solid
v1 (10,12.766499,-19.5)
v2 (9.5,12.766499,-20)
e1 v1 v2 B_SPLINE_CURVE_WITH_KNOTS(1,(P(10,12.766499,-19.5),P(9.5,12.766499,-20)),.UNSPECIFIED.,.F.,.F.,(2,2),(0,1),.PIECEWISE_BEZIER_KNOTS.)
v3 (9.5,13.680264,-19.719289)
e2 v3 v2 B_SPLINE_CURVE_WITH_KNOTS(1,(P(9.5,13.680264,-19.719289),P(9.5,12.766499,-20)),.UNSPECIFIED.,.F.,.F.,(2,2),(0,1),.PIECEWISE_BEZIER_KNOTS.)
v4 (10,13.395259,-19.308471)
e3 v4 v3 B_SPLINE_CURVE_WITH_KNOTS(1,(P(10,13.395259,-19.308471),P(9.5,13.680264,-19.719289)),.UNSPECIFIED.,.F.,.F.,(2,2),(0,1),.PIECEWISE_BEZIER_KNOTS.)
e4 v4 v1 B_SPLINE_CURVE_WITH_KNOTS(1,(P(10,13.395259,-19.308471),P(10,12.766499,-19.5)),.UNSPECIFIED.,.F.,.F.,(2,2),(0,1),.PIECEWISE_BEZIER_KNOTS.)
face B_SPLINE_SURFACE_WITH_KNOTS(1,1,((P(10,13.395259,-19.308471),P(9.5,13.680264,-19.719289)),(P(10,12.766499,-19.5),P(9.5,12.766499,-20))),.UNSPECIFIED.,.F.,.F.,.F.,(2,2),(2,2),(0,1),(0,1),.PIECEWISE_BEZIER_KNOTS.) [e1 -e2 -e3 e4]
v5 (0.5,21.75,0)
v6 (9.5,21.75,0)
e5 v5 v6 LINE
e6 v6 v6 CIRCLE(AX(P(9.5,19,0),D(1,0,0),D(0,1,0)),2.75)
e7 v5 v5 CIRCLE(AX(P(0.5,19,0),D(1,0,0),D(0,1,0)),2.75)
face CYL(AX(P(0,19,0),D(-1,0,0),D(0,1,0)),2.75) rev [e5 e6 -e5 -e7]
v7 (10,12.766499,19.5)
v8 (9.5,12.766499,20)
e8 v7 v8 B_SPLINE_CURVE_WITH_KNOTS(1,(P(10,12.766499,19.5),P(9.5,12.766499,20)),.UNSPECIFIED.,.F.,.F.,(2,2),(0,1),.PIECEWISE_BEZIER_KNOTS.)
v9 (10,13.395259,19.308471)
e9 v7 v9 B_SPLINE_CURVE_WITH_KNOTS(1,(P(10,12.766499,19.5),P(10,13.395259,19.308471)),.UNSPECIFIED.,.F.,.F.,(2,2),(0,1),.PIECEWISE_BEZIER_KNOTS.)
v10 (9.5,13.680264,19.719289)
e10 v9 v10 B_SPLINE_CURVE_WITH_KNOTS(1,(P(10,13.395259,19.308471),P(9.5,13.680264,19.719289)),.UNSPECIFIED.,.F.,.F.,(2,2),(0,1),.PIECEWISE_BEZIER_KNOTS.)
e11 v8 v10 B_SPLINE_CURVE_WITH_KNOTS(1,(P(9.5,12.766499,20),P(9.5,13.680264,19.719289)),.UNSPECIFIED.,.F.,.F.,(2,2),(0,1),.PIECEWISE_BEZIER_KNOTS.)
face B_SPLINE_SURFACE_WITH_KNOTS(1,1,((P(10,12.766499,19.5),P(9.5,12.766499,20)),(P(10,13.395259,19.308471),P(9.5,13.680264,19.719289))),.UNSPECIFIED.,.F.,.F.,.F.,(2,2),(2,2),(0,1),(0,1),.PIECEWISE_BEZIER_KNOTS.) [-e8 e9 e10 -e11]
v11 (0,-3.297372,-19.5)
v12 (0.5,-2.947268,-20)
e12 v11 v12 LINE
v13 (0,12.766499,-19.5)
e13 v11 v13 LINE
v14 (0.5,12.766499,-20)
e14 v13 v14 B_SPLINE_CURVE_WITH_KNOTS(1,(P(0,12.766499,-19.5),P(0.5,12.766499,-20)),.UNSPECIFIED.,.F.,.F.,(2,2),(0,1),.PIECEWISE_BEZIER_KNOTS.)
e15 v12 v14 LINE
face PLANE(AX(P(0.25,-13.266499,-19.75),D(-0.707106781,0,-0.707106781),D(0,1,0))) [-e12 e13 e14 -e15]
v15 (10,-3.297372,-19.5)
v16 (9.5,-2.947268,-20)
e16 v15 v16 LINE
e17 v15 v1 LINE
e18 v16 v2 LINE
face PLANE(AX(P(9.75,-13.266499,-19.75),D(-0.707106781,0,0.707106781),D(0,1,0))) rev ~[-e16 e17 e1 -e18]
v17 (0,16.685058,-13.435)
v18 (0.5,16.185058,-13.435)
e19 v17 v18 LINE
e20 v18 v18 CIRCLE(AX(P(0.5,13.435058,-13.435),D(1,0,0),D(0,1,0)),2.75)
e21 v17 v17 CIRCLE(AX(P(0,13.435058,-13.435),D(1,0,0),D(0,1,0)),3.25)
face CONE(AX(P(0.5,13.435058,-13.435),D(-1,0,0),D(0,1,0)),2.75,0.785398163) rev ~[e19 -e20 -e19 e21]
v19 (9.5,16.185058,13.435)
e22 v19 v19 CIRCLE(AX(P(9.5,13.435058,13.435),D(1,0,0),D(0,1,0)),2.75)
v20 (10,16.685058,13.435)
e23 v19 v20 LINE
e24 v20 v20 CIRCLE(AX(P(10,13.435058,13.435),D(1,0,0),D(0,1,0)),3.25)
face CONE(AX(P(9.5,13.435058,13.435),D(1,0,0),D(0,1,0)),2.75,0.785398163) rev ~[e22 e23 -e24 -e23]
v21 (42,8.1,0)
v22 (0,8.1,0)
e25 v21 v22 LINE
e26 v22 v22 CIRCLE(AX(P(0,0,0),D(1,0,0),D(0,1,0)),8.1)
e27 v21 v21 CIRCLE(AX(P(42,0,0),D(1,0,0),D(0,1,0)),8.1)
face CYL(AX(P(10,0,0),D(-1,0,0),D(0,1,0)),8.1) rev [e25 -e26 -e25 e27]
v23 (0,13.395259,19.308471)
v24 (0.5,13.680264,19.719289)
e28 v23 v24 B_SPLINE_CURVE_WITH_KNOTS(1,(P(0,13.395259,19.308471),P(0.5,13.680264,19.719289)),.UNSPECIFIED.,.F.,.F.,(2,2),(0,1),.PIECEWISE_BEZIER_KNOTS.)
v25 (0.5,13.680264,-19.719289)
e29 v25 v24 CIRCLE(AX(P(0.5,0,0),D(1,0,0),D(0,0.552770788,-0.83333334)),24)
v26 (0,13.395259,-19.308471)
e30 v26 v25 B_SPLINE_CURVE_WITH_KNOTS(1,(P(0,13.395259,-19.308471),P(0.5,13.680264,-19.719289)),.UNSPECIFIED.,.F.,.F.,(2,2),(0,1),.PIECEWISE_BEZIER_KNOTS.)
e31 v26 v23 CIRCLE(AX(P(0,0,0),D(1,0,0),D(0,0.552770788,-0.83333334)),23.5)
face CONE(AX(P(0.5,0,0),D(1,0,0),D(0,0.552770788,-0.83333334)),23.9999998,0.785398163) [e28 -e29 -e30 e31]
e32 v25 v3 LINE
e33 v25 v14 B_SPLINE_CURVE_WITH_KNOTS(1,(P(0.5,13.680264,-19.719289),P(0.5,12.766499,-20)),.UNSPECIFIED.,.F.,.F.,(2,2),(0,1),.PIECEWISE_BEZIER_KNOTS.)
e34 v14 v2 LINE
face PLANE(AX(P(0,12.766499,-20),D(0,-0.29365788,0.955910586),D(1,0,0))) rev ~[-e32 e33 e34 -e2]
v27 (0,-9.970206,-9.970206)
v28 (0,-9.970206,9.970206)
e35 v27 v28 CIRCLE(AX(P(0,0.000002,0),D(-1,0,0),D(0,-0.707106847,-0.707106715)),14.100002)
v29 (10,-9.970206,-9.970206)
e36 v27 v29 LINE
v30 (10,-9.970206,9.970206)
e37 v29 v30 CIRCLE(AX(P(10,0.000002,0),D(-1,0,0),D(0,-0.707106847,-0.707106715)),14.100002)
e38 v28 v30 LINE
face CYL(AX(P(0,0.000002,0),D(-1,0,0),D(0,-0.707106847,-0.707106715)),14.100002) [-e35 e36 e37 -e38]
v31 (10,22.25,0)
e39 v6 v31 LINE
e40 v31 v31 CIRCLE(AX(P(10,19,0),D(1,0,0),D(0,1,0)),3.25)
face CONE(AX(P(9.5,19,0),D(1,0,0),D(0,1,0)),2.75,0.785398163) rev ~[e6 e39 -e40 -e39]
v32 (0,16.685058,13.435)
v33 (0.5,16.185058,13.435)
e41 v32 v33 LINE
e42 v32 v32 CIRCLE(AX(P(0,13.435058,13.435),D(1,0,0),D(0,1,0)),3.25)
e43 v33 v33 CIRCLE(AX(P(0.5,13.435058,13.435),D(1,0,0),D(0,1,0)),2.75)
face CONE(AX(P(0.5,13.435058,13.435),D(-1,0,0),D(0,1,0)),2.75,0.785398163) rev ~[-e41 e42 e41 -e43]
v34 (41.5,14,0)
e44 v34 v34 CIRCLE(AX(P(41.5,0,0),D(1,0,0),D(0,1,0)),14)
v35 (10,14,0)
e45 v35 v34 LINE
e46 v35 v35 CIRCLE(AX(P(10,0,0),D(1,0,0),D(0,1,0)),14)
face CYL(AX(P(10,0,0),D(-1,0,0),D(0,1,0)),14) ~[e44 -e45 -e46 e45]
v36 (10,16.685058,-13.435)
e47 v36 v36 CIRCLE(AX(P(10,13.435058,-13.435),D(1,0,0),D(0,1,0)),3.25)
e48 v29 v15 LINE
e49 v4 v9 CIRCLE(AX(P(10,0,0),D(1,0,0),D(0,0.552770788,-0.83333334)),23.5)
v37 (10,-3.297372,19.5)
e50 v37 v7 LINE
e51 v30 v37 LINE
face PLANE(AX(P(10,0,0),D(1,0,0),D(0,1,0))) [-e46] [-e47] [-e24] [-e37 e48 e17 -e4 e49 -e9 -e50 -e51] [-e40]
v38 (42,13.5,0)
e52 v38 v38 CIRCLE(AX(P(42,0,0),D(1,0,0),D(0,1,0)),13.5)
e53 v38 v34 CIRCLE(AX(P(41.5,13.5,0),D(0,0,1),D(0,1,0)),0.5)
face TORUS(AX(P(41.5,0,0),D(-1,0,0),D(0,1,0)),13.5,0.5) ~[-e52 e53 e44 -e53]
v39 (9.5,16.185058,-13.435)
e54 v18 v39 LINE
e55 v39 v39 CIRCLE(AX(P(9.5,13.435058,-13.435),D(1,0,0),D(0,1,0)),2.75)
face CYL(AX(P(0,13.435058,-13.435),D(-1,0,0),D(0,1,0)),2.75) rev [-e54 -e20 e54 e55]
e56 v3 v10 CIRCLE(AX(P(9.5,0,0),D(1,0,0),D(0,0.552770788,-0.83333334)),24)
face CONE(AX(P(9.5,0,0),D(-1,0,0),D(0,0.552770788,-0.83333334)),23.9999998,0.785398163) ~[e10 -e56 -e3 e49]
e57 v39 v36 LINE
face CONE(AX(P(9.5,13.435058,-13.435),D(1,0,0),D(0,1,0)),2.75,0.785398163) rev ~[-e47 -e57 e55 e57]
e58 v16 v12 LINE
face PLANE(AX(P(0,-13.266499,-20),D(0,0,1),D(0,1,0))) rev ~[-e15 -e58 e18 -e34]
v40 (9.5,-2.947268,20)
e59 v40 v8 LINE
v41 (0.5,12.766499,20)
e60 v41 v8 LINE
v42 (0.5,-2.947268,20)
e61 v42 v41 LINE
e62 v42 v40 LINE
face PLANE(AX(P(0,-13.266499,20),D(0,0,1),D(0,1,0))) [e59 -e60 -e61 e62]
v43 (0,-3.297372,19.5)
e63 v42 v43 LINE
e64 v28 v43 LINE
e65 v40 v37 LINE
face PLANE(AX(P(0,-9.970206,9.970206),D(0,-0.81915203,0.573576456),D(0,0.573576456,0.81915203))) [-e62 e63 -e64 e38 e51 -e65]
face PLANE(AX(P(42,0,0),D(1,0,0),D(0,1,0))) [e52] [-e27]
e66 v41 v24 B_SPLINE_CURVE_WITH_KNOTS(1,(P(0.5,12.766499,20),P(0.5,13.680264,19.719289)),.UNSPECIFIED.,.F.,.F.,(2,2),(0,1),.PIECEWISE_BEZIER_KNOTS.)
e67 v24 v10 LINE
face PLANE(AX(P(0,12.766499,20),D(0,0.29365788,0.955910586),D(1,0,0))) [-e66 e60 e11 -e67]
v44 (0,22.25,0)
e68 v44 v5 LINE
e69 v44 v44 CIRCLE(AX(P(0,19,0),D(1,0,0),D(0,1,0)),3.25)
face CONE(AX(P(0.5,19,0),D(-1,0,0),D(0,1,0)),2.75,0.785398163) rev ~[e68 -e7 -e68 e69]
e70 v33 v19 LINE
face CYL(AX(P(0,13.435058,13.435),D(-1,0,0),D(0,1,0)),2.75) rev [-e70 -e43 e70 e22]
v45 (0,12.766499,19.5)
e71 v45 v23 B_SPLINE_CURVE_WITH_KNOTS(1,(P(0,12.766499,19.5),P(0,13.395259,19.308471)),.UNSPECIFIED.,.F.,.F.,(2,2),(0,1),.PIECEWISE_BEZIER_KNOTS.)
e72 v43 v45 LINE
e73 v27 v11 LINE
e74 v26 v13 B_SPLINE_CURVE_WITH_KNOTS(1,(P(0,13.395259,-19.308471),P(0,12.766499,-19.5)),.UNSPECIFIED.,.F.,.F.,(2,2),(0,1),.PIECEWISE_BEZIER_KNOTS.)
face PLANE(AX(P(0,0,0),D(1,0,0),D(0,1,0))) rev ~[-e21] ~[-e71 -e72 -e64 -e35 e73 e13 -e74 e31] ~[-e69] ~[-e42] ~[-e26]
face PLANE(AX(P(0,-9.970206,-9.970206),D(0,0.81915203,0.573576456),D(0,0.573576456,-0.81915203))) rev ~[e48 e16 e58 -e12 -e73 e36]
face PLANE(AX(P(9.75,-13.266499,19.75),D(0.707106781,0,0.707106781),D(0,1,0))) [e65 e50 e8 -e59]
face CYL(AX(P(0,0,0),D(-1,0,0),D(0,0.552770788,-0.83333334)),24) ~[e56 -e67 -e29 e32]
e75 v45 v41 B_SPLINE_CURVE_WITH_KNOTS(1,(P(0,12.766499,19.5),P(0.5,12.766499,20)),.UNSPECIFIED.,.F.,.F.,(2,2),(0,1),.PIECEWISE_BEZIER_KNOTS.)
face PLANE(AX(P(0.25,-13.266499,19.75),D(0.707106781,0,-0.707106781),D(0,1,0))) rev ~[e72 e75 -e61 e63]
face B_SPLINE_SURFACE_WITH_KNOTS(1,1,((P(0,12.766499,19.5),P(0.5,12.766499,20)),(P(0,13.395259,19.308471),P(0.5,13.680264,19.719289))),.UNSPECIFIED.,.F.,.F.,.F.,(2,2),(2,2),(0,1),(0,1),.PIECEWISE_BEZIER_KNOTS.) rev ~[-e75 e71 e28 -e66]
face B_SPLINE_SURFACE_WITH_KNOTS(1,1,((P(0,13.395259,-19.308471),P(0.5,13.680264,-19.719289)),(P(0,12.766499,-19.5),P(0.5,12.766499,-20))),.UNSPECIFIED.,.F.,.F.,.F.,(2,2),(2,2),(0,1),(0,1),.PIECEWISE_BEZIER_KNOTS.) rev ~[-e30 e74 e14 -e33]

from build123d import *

# Parameters (mm, degrees)
SKETCH_R        = 2.75
SKETCH_R_2      = 8.1
PAD_DEPTH       = 10
SKETCH001_R     = 14
SKETCH001_R_2   = 8.1
PAD001_DEPTH    = 32
CHAMFER_SIZE    = 0.5
FILLET_R        = 0.5
CHAMFER001_SIZE = 0.5
POCKET_DEPTH    = 10


with BuildPart() as part:
    # Sketch → Pad (new body)
    with BuildSketch(Plane.YZ):
        with BuildLine():
            ThreePointArc((-13.266499, 20), (-24, 0), (-13.266499, -20))
            Line((-13.266499, -20), (13.266499, -20))
            ThreePointArc((13.266499, -20), (24, 0), (13.266499, 20))
            Line((-13.266499, 20), (13.266499, 20))
        make_face()
        with Locations((-13.435058, 13.435)):
            Circle(SKETCH_R, mode=Mode.SUBTRACT)
        with Locations((-19, 0)):
            Circle(SKETCH_R, mode=Mode.SUBTRACT)
        with Locations((-13.435058, -13.435)):
            Circle(SKETCH_R, mode=Mode.SUBTRACT)
        with Locations((13.435058, 13.435)):
            Circle(SKETCH_R, mode=Mode.SUBTRACT)
        with Locations((19, 0)):
            Circle(SKETCH_R, mode=Mode.SUBTRACT)
        with Locations((13.435058, -13.435)):
            Circle(SKETCH_R, mode=Mode.SUBTRACT)
        Circle(SKETCH_R_2, mode=Mode.SUBTRACT)
    extrude(amount=PAD_DEPTH)

    # Sketch001 → Pad001 (new body)
    with BuildSketch(Plane.YZ.offset(10)):
        Circle(SKETCH001_R)
        Circle(SKETCH001_R_2, mode=Mode.SUBTRACT)
    extrude(amount=PAD001_DEPTH)

    # Chamfer
    chamfer_edges = [part.edges().sort_by_distance(p)[0] for p in [
        (0, -16.185058, -13.435),
        (10, -16.185058, -13.435),
        (0, -21.75, 0),
        (10, -21.75, 0),
        (0, -16.185058, 13.435),
        (10, -16.185058, 13.435),
        (0, 10.685058, 13.435),
        (10, 10.685058, 13.435),
        (0, 16.25, 0),
        (10, 16.25, 0),
        (0, 10.685058, -13.435),
        (10, 10.685058, -13.435),
    ]]
    chamfer(chamfer_edges, length=CHAMFER_SIZE)

    # Fillet
    fillet_edges = [part.edges().sort_by_distance(p)[0] for p in [
        (42, -14, 0),
    ]]
    fillet(fillet_edges, radius=FILLET_R)

    # Chamfer001
    chamfer001_edges = [part.edges().sort_by_distance(p)[0] for p in [
        (5, -13.266499, 20),
        (5, -13.266499, -20),
        (0, -24, 0),
        (10, -24, 0),
        (5, 13.266499, 20),
        (0, 0, 20),
        (10, 0, 20),
        (5, 13.266499, -20),
        (0, 24, 0),
        (10, 24, 0),
        (0, 0, -20),
        (10, 0, -20),
    ]]
    chamfer(chamfer001_edges, length=CHAMFER001_SIZE)

    # Sketch002 → Pocket (cut)
    with BuildSketch(Plane(origin=(0, 0, 0), x_dir=(0, 1, 0), z_dir=(-1, 0, 0))):
        with BuildLine():
            ThreePointArc((-9.970206, 9.970206), (-14.1, 0), (-9.970206, -9.970206))
            Line((-9.970206, -9.970206), (-2.737206, -20.3))
            Line((-2.737206, -20.3), (18, -20.3))
            Line((18, -20.3), (18, -27))
            Line((18, -27), (0, -27))
            ThreePointArc((0, 27), (-27, 0), (0, -27))
            Line((0, 27), (18, 27))
            Line((18, 27), (18, 20.3))
            Line((18, 20.3), (-2.737206, 20.3))
            Line((-9.970206, 9.970206), (-2.737206, 20.3))
        make_face()
    extrude(amount=-POCKET_DEPTH, mode=Mode.SUBTRACT)


solid = part.part
